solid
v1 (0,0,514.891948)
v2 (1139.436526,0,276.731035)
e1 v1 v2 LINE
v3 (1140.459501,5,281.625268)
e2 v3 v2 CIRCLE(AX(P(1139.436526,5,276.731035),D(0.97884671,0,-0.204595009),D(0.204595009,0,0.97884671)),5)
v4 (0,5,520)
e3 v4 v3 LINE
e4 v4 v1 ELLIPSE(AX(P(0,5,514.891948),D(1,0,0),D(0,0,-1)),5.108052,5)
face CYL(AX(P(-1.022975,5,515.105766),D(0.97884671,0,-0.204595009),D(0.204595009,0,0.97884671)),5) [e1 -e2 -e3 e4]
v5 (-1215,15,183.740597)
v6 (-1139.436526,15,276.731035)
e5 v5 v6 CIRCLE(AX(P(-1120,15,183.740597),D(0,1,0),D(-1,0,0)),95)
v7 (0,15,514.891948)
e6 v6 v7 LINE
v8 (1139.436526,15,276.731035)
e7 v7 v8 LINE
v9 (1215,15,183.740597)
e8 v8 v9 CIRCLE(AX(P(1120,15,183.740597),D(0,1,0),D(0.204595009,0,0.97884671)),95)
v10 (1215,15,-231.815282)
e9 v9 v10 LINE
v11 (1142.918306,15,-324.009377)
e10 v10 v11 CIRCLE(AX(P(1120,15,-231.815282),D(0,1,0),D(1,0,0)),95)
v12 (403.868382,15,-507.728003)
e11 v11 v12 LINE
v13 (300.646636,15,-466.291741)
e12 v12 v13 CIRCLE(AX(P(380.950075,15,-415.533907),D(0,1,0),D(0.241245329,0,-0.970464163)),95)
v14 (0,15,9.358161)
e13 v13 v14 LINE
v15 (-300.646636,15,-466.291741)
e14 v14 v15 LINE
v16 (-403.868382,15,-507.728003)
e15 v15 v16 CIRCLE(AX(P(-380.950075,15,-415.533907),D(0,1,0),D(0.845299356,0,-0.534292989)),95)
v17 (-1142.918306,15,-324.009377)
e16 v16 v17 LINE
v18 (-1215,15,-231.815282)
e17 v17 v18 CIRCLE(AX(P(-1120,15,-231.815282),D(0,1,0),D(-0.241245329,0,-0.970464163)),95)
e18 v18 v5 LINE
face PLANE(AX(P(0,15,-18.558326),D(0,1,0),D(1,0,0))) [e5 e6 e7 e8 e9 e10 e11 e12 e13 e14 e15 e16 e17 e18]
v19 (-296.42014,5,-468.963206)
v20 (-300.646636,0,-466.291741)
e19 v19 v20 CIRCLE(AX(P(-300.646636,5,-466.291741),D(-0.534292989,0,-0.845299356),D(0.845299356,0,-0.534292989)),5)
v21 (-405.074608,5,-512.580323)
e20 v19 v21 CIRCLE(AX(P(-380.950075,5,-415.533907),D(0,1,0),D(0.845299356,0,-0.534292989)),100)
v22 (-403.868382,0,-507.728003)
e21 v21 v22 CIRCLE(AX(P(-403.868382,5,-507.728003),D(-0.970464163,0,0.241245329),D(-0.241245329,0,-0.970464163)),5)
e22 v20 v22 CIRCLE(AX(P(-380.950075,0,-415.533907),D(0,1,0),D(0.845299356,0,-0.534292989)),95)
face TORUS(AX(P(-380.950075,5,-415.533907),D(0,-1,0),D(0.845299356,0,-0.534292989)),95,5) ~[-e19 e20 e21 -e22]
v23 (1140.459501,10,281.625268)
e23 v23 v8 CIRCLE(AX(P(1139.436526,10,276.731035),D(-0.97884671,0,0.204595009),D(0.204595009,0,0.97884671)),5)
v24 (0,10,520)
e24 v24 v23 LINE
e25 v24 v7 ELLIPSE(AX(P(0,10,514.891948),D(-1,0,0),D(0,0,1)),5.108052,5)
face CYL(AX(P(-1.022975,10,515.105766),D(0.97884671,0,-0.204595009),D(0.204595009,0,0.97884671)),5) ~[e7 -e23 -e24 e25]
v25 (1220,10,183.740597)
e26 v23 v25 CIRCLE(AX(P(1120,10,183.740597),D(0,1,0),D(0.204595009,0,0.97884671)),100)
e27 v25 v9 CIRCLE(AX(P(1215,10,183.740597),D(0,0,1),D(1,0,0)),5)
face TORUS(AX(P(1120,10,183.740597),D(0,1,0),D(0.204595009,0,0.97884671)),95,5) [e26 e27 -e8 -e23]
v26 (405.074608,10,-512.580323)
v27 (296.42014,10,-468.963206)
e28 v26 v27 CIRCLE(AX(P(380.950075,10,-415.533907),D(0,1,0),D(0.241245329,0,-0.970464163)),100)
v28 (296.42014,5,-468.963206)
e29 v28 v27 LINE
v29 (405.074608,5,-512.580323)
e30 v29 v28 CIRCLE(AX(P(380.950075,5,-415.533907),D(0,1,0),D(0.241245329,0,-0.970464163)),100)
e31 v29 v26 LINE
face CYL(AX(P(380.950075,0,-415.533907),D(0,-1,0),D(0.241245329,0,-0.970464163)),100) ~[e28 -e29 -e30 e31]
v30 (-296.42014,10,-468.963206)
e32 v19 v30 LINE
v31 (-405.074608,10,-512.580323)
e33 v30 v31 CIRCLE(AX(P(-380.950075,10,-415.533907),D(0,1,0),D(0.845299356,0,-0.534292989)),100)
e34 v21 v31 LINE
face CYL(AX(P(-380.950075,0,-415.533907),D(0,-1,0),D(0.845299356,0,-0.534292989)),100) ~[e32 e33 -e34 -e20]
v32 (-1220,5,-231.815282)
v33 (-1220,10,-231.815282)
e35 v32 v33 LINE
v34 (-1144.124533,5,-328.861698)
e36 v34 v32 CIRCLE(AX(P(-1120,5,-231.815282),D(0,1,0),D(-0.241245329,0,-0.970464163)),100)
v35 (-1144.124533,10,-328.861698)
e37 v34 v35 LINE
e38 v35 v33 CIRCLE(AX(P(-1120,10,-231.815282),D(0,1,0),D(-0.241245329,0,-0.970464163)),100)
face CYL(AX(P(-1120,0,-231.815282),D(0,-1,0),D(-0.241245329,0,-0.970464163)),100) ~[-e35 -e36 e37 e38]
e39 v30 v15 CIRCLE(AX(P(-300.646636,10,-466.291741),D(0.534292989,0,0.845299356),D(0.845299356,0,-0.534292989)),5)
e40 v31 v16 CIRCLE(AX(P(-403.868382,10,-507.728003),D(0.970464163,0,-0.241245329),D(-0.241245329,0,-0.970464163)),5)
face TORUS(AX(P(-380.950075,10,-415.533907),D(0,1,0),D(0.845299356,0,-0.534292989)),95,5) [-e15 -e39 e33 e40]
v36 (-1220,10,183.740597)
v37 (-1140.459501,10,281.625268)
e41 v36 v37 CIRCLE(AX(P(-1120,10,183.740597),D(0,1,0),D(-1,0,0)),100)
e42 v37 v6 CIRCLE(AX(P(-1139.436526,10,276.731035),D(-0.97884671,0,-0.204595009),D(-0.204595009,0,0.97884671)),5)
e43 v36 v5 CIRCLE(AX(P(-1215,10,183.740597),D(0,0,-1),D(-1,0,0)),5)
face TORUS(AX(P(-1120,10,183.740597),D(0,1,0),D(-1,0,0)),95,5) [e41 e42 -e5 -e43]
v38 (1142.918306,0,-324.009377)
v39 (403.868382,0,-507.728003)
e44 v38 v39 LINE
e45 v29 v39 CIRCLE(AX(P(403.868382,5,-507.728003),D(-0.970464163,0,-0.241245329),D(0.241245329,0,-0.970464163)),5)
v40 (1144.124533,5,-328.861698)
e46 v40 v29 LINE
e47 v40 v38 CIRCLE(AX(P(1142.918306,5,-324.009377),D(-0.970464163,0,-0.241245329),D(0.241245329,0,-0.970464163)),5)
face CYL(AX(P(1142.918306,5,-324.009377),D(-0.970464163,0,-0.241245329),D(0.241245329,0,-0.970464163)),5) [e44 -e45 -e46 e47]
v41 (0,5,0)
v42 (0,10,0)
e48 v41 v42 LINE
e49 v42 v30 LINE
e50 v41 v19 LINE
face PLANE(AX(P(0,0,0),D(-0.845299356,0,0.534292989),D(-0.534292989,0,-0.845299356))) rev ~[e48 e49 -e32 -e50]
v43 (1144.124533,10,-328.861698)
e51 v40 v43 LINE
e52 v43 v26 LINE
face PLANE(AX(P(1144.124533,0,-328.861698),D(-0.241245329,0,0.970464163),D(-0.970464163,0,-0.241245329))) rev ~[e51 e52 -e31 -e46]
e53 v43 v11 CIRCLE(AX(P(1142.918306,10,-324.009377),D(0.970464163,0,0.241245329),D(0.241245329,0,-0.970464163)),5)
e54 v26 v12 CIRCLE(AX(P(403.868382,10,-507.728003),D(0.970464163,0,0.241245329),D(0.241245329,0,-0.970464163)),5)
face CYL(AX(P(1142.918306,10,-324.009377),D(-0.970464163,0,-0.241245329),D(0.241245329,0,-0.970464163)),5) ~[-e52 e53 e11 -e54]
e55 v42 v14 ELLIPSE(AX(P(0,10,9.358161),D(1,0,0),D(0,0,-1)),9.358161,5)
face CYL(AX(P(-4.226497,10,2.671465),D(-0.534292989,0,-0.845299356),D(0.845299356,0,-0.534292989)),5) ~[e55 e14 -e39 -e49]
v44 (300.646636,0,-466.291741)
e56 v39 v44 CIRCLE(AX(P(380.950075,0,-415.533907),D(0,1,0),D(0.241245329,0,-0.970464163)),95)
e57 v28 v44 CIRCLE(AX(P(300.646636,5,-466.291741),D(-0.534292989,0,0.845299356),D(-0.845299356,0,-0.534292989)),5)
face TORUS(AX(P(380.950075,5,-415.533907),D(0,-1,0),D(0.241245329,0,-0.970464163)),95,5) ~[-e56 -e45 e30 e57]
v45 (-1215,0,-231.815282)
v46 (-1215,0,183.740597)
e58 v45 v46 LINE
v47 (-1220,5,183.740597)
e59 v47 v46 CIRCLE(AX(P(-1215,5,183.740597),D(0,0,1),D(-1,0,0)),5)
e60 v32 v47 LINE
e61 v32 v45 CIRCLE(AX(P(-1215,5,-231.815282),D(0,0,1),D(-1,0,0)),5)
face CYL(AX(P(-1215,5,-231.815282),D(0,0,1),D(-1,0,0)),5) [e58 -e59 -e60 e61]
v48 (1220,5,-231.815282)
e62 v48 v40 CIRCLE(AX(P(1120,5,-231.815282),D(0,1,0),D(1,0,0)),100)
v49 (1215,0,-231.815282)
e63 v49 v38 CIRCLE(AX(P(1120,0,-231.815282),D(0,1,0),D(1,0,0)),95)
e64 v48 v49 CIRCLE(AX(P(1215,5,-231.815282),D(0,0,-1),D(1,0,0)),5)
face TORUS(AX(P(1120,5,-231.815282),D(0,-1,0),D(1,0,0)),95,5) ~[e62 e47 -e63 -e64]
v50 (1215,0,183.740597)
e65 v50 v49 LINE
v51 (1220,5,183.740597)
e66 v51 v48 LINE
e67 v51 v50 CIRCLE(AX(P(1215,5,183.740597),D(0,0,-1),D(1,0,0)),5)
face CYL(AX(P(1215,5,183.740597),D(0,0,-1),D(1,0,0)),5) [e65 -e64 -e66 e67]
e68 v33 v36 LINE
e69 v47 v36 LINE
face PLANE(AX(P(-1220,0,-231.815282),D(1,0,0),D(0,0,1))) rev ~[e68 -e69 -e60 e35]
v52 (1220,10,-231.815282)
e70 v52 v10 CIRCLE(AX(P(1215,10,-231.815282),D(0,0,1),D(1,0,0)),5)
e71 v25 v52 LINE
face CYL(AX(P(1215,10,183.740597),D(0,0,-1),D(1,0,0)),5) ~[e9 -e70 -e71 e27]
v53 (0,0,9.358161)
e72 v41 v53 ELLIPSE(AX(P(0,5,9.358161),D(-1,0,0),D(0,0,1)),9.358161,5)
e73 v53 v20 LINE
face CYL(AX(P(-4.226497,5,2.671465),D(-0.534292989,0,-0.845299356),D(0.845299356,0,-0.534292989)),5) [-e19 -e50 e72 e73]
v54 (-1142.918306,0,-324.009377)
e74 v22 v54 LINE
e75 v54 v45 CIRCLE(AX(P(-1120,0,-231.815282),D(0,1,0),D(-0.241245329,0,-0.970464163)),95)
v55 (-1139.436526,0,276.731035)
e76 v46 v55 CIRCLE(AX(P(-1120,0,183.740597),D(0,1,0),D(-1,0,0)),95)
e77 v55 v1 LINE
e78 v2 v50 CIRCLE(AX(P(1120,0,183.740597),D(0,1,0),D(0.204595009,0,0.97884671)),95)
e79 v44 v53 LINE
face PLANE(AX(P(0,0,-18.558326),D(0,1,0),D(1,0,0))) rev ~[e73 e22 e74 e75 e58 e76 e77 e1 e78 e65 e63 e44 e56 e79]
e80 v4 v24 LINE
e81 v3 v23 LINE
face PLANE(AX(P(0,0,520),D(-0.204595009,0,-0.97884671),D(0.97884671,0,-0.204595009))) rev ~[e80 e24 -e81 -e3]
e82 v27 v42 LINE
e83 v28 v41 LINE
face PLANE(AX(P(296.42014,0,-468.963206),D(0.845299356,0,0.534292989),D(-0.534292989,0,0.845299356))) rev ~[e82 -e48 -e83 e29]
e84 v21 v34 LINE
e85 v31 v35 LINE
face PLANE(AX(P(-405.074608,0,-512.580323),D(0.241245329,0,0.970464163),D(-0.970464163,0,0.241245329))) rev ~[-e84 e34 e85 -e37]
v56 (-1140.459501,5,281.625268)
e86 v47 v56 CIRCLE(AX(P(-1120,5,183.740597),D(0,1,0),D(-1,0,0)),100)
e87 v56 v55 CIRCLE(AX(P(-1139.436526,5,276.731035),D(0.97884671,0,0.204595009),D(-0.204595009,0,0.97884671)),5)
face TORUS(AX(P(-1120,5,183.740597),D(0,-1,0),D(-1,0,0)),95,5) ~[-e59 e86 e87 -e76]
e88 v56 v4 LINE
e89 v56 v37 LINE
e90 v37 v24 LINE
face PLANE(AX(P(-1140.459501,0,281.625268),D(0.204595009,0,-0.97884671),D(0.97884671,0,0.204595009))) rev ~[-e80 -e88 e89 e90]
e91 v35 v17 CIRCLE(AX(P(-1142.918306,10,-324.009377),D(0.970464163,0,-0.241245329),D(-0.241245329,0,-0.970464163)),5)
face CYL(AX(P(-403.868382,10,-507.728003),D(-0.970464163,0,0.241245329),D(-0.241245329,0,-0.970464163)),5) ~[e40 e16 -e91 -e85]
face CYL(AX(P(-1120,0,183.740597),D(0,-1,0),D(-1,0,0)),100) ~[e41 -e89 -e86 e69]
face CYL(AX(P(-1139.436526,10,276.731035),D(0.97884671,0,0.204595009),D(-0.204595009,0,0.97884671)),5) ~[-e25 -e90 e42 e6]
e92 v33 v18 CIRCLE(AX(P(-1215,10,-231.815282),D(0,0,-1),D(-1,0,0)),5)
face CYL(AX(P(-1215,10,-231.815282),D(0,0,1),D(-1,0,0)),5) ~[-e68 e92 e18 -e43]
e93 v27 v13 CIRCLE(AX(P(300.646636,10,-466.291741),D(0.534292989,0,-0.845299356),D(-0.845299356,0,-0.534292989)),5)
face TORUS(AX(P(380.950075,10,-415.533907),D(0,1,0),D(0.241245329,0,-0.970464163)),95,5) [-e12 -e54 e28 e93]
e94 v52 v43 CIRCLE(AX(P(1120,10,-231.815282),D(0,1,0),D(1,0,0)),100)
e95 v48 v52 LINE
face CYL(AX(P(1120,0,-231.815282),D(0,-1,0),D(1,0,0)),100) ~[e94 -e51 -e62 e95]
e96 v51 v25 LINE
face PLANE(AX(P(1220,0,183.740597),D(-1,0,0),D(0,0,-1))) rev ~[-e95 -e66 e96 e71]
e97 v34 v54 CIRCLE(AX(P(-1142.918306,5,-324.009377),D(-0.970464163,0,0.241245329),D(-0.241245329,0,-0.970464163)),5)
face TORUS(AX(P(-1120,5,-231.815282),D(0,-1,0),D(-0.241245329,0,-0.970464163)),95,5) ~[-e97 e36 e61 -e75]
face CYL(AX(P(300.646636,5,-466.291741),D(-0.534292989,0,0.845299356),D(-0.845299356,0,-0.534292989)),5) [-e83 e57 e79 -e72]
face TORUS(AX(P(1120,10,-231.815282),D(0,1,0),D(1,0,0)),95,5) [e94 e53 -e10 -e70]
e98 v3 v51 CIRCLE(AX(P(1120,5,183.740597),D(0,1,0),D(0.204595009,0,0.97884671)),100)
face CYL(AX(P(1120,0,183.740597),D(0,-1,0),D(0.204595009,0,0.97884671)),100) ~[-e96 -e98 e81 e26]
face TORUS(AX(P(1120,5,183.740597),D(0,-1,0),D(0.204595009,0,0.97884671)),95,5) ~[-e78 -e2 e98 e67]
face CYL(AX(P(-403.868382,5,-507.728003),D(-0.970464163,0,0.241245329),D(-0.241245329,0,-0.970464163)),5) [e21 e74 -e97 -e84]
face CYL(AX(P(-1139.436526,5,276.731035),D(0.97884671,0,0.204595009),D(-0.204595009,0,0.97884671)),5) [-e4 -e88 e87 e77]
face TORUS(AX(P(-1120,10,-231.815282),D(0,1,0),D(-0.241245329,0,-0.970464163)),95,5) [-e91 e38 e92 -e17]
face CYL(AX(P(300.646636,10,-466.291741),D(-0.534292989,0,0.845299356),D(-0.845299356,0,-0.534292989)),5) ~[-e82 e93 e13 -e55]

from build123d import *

# Parameters (mm, degrees)
BOSS_EXTRUDE1_DEPTH = 15
FILLET1_R           = 5


with BuildPart() as part:
    # Sketch1 → Boss-Extrude1 (new body)
    with BuildSketch(Plane(origin=(0, 0, 0), x_dir=(1, 0, 0), z_dir=(0, 1, 0))):
        with BuildLine():
            Line((0, 0), (-296.420139667, 468.96320604))
            ThreePointArc((-296.420139667, 468.96320604), (-343.696667359, 508.335758373), (-405.074608149, 512.580323398))
            Line((-405.074608149, 512.580323398), (-1144.124532862, 328.861698046))
            ThreePointArc((-1144.124532862, 328.861698046), (-1198.779608041, 293.408896337), (-1220, 231.815281758))
            Line((-1220, 231.815281758), (-1220, -183.740597223))
            ThreePointArc((-1220, -183.740597223), (-1197.607828507, -246.804255176), (-1140.459500912, -281.625268252))
            Line((-1140.459500912, -281.625268252), (0, -520))
            Line((0, -520), (1140.459500912, -281.625268252))
            ThreePointArc((1140.459500912, -281.625268252), (1197.607828507, -246.804255176), (1220, -183.740597223))
            Line((1220, -183.740597223), (1220, 231.815281758))
            ThreePointArc((1220, 231.815281758), (1198.779608041, 293.408896337), (1144.124532862, 328.861698046))
            Line((1144.124532862, 328.861698046), (405.074608149, 512.580323398))
            ThreePointArc((405.074608149, 512.580323398), (343.696667359, 508.335758373), (296.420139667, 468.96320604))
            Line((296.420139667, 468.96320604), (0, 0))
        make_face()
    extrude(amount=BOSS_EXTRUDE1_DEPTH)

    # Fillet1
    fillet1_edges = [part.edges().sort_by_distance(p)[0] for p in [
        (-343.696667359, 15, -508.335758373),
        (343.696667359, 0, -508.335758373),
        (774.599570506, 0, -420.721010722),
        (1198.779608041, 0, -293.408896337),
        (1220, 0, -24.037342268),
        (1197.607828507, 0, 246.804255176),
        (570.229750456, 0, 400.812634126),
        (-570.229750456, 0, 400.812634126),
        (-1197.607828507, 0, 246.804255176),
        (-774.599570506, 15, -420.721010722),
        (-1220, 0, -24.037342268),
        (-1198.779608041, 0, -293.408896337),
        (-774.599570506, 0, -420.721010722),
        (-343.696667359, 0, -508.335758373),
        (-148.210069834, 0, -234.48160302),
        (148.210069834, 0, -234.48160302),
        (-1198.779608041, 15, -293.408896337),
        (-1220, 15, -24.037342268),
        (-1197.607828507, 15, 246.804255176),
        (-570.229750456, 15, 400.812634126),
        (570.229750456, 15, 400.812634126),
        (1197.607828507, 15, 246.804255176),
        (1220, 15, -24.037342268),
        (1198.779608041, 15, -293.408896337),
        (148.210069834, 15, -234.48160302),
        (774.599570506, 15, -420.721010722),
        (343.696667359, 15, -508.335758373),
        (-148.210069834, 15, -234.48160302),
    ]]
    fillet(fillet1_edges, radius=FILLET1_R)


solid = part.part
